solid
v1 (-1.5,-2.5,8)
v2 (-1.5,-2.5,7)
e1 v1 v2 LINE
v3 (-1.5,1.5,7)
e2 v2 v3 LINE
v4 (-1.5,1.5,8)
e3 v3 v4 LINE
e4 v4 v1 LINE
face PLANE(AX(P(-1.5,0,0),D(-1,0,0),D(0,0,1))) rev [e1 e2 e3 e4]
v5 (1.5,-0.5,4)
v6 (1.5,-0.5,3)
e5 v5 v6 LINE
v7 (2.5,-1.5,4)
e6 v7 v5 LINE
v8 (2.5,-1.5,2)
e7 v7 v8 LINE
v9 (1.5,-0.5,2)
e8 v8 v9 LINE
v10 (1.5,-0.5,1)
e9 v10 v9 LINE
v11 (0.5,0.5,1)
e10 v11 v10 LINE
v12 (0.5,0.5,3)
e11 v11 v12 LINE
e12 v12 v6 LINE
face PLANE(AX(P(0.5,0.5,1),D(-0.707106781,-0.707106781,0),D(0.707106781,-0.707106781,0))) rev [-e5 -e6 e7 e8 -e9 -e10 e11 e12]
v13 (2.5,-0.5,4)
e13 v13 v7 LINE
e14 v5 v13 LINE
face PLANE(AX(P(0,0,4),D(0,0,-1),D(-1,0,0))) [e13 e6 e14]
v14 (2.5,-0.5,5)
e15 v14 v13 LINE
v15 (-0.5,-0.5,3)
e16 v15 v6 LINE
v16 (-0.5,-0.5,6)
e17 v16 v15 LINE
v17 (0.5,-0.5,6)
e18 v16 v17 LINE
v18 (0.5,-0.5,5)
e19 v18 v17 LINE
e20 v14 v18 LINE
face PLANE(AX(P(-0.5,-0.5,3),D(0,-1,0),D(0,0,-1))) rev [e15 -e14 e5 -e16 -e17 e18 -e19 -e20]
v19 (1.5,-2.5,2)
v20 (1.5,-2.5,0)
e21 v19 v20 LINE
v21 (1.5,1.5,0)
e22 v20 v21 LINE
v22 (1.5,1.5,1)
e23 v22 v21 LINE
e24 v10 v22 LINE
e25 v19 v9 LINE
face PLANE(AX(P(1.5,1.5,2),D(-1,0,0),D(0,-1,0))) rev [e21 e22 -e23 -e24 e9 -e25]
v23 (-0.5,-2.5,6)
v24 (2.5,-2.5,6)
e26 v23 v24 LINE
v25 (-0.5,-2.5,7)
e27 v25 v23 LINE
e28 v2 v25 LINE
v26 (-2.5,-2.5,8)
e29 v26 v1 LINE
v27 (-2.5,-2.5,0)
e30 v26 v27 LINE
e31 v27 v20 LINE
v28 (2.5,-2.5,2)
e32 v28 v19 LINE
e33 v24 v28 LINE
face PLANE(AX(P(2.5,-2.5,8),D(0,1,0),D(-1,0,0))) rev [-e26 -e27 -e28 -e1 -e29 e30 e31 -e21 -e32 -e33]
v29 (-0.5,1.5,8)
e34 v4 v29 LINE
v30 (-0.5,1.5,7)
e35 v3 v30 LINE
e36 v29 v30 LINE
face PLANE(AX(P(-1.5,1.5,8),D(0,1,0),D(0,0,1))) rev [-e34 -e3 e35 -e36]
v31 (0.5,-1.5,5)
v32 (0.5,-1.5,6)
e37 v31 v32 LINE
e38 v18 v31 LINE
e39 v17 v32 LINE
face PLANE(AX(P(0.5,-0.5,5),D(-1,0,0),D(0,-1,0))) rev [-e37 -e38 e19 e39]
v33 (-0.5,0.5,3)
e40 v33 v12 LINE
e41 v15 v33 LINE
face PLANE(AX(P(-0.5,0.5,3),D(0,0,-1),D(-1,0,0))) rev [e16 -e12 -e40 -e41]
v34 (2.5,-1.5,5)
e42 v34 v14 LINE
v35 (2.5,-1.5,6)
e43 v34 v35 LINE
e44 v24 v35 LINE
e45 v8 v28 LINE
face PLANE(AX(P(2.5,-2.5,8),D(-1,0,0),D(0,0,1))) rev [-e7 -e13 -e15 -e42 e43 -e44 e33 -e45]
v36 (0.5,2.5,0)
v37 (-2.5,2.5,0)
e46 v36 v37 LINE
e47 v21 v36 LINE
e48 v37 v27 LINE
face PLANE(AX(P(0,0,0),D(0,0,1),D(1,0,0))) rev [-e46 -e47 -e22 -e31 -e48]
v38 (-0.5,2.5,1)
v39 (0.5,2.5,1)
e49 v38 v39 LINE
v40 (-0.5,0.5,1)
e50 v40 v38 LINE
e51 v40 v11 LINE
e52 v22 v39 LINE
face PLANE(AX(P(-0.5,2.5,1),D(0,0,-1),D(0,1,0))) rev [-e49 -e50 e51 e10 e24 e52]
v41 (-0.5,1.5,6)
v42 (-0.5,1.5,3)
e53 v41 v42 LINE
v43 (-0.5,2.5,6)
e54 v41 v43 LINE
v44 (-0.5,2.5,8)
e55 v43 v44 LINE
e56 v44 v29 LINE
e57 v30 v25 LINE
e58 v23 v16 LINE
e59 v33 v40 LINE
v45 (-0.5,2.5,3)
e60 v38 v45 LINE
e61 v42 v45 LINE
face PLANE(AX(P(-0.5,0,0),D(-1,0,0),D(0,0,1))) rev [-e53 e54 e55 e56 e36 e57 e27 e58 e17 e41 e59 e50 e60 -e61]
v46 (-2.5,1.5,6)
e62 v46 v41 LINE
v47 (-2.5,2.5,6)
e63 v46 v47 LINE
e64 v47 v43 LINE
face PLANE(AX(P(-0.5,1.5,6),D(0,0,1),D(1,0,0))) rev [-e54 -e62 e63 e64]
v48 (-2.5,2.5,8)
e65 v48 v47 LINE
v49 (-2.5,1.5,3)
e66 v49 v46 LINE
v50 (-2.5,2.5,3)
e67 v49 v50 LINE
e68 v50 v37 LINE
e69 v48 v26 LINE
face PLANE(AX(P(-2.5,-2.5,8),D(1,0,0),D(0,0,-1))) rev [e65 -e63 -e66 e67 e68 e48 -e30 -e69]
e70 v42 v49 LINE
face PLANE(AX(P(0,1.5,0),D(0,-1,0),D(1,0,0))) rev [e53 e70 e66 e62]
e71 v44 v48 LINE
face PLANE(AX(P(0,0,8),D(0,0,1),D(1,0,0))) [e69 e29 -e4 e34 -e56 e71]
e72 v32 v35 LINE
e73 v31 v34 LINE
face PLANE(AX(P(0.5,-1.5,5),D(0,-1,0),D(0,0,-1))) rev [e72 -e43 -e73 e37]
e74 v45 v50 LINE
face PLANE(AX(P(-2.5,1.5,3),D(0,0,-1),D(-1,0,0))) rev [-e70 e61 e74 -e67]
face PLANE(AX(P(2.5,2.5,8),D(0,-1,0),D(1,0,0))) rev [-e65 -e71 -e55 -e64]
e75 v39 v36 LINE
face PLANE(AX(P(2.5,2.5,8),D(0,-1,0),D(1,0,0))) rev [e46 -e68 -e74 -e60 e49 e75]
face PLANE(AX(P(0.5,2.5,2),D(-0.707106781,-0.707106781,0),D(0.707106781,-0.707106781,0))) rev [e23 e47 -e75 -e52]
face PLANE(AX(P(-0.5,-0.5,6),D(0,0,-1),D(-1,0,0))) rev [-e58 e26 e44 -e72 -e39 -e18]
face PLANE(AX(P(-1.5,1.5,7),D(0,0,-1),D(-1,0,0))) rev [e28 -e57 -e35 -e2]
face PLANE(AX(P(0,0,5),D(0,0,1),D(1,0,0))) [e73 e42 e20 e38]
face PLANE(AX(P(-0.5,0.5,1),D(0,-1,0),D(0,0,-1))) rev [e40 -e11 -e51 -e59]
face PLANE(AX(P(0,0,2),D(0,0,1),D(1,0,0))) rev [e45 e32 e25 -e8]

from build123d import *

# Parameters (mm, degrees)
SKETCH1_W           = 5
SKETCH1_H           = 5
BOSS_EXTRUDE1_DEPTH = 8
SKETCH2_W           = 2
SKETCH2_H           = 3
CUT_EXTRUDE1_DEPTH  = 1
SKETCH4_W           = 1
SKETCH4_H           = 4
CUT_EXTRUDE4_DEPTH  = 4
SKETCH5_W           = 1
SKETCH5_H           = 2
CUT_EXTRUDE5_DEPTH  = 3
CUT_EXTRUDE6_DEPTH  = 3
SKETCH7_W           = 2
SKETCH7_H           = 1
CUT_EXTRUDE7_DEPTH  = 1
CUT_EXTRUDE8_DEPTH  = 2
CUT_EXTRUDE9_DEPTH  = 2
CUT_EXTRUDE10_DEPTH = 2


with BuildPart() as part:
    # Sketch1 → Boss-Extrude1 (new body)
    with BuildSketch(Plane.XY):
        Rectangle(SKETCH1_W, SKETCH1_H)
    extrude(amount=BOSS_EXTRUDE1_DEPTH)

    # Sketch2 → Cut-Extrude1 (cut)
    with BuildSketch(Plane(origin=(0, 2.5, 0), x_dir=(1, 0, 0), z_dir=(0, 1, 0))):
        with Locations((-1.5, -4.5)):
            Rectangle(SKETCH2_W, SKETCH2_H)
    extrude(amount=-CUT_EXTRUDE1_DEPTH, mode=Mode.SUBTRACT)

    # Sketch4 → Cut-Extrude4 (cut)
    with BuildSketch(Plane(origin=(2.5, 0, 0), x_dir=(0, 0, -1), z_dir=(1, 0, 0))):
        with Locations((-7.5, -0.5)):
            Rectangle(SKETCH4_W, SKETCH4_H)
    extrude(amount=-CUT_EXTRUDE4_DEPTH, mode=Mode.SUBTRACT)

    # Sketch5 → Cut-Extrude5 (cut)
    with BuildSketch(Plane(origin=(2.5, 0, 0), x_dir=(0, 0, -1), z_dir=(1, 0, 0))):
        with Locations((-6.5, -1.5)):
            Rectangle(SKETCH5_W, SKETCH5_H)
    extrude(amount=-CUT_EXTRUDE5_DEPTH, mode=Mode.SUBTRACT)

    # Sketch6 → Cut-Extrude6 (cut)
    with BuildSketch(Plane(origin=(2.5, 0, 0), x_dir=(0, 0, -1), z_dir=(1, 0, 0))):
        Polygon((-8, 1.5), (-8, 2.5), (-1, 2.5), (-1, 0.5), (-3, 0.5), (-3, -0.5), (-6, -0.5), (-7, -0.5), (-7, 1.5), align=None)
    extrude(amount=-CUT_EXTRUDE6_DEPTH, mode=Mode.SUBTRACT)

    # Sketch7 → Cut-Extrude7 (cut)
    with BuildSketch(Plane.XY.offset(6)):
        with Locations((1.5, -1)):
            Rectangle(SKETCH7_W, SKETCH7_H)
    extrude(amount=-CUT_EXTRUDE7_DEPTH, mode=Mode.SUBTRACT)

    # Sketch8 → Cut-Extrude8 (cut)
    with BuildSketch(Plane(origin=(0, 0, 0), x_dir=(-1, 0, 0), z_dir=(0, 0, -1))):
        Polygon((-0.5, 2.5), (-1.5, 1.5), (-1.5, -2.5), (-2.5, -2.5), (-2.5, 2.5), align=None)
    extrude(amount=-CUT_EXTRUDE8_DEPTH, mode=Mode.SUBTRACT)

    # Sketch9 → Cut-Extrude9 (cut)
    with BuildSketch(Plane.XY.offset(3)):
        Polygon((0.5, 0.5), (1.5, -0.5), (2.5, -0.5), (2.5, 0.5), align=None)
    extrude(amount=-CUT_EXTRUDE9_DEPTH, mode=Mode.SUBTRACT)

    # Sketch10 → Cut-Extrude10 (cut)
    with BuildSketch(Plane(origin=(0, 0, 2), x_dir=(-1, 0, 0), z_dir=(0, 0, -1))):
        Polygon((-1.5, -0.5), (-2.5, -1.5), (-2.5, -0.5), align=None)
    extrude(amount=-CUT_EXTRUDE10_DEPTH, mode=Mode.SUBTRACT)


solid = part.part
